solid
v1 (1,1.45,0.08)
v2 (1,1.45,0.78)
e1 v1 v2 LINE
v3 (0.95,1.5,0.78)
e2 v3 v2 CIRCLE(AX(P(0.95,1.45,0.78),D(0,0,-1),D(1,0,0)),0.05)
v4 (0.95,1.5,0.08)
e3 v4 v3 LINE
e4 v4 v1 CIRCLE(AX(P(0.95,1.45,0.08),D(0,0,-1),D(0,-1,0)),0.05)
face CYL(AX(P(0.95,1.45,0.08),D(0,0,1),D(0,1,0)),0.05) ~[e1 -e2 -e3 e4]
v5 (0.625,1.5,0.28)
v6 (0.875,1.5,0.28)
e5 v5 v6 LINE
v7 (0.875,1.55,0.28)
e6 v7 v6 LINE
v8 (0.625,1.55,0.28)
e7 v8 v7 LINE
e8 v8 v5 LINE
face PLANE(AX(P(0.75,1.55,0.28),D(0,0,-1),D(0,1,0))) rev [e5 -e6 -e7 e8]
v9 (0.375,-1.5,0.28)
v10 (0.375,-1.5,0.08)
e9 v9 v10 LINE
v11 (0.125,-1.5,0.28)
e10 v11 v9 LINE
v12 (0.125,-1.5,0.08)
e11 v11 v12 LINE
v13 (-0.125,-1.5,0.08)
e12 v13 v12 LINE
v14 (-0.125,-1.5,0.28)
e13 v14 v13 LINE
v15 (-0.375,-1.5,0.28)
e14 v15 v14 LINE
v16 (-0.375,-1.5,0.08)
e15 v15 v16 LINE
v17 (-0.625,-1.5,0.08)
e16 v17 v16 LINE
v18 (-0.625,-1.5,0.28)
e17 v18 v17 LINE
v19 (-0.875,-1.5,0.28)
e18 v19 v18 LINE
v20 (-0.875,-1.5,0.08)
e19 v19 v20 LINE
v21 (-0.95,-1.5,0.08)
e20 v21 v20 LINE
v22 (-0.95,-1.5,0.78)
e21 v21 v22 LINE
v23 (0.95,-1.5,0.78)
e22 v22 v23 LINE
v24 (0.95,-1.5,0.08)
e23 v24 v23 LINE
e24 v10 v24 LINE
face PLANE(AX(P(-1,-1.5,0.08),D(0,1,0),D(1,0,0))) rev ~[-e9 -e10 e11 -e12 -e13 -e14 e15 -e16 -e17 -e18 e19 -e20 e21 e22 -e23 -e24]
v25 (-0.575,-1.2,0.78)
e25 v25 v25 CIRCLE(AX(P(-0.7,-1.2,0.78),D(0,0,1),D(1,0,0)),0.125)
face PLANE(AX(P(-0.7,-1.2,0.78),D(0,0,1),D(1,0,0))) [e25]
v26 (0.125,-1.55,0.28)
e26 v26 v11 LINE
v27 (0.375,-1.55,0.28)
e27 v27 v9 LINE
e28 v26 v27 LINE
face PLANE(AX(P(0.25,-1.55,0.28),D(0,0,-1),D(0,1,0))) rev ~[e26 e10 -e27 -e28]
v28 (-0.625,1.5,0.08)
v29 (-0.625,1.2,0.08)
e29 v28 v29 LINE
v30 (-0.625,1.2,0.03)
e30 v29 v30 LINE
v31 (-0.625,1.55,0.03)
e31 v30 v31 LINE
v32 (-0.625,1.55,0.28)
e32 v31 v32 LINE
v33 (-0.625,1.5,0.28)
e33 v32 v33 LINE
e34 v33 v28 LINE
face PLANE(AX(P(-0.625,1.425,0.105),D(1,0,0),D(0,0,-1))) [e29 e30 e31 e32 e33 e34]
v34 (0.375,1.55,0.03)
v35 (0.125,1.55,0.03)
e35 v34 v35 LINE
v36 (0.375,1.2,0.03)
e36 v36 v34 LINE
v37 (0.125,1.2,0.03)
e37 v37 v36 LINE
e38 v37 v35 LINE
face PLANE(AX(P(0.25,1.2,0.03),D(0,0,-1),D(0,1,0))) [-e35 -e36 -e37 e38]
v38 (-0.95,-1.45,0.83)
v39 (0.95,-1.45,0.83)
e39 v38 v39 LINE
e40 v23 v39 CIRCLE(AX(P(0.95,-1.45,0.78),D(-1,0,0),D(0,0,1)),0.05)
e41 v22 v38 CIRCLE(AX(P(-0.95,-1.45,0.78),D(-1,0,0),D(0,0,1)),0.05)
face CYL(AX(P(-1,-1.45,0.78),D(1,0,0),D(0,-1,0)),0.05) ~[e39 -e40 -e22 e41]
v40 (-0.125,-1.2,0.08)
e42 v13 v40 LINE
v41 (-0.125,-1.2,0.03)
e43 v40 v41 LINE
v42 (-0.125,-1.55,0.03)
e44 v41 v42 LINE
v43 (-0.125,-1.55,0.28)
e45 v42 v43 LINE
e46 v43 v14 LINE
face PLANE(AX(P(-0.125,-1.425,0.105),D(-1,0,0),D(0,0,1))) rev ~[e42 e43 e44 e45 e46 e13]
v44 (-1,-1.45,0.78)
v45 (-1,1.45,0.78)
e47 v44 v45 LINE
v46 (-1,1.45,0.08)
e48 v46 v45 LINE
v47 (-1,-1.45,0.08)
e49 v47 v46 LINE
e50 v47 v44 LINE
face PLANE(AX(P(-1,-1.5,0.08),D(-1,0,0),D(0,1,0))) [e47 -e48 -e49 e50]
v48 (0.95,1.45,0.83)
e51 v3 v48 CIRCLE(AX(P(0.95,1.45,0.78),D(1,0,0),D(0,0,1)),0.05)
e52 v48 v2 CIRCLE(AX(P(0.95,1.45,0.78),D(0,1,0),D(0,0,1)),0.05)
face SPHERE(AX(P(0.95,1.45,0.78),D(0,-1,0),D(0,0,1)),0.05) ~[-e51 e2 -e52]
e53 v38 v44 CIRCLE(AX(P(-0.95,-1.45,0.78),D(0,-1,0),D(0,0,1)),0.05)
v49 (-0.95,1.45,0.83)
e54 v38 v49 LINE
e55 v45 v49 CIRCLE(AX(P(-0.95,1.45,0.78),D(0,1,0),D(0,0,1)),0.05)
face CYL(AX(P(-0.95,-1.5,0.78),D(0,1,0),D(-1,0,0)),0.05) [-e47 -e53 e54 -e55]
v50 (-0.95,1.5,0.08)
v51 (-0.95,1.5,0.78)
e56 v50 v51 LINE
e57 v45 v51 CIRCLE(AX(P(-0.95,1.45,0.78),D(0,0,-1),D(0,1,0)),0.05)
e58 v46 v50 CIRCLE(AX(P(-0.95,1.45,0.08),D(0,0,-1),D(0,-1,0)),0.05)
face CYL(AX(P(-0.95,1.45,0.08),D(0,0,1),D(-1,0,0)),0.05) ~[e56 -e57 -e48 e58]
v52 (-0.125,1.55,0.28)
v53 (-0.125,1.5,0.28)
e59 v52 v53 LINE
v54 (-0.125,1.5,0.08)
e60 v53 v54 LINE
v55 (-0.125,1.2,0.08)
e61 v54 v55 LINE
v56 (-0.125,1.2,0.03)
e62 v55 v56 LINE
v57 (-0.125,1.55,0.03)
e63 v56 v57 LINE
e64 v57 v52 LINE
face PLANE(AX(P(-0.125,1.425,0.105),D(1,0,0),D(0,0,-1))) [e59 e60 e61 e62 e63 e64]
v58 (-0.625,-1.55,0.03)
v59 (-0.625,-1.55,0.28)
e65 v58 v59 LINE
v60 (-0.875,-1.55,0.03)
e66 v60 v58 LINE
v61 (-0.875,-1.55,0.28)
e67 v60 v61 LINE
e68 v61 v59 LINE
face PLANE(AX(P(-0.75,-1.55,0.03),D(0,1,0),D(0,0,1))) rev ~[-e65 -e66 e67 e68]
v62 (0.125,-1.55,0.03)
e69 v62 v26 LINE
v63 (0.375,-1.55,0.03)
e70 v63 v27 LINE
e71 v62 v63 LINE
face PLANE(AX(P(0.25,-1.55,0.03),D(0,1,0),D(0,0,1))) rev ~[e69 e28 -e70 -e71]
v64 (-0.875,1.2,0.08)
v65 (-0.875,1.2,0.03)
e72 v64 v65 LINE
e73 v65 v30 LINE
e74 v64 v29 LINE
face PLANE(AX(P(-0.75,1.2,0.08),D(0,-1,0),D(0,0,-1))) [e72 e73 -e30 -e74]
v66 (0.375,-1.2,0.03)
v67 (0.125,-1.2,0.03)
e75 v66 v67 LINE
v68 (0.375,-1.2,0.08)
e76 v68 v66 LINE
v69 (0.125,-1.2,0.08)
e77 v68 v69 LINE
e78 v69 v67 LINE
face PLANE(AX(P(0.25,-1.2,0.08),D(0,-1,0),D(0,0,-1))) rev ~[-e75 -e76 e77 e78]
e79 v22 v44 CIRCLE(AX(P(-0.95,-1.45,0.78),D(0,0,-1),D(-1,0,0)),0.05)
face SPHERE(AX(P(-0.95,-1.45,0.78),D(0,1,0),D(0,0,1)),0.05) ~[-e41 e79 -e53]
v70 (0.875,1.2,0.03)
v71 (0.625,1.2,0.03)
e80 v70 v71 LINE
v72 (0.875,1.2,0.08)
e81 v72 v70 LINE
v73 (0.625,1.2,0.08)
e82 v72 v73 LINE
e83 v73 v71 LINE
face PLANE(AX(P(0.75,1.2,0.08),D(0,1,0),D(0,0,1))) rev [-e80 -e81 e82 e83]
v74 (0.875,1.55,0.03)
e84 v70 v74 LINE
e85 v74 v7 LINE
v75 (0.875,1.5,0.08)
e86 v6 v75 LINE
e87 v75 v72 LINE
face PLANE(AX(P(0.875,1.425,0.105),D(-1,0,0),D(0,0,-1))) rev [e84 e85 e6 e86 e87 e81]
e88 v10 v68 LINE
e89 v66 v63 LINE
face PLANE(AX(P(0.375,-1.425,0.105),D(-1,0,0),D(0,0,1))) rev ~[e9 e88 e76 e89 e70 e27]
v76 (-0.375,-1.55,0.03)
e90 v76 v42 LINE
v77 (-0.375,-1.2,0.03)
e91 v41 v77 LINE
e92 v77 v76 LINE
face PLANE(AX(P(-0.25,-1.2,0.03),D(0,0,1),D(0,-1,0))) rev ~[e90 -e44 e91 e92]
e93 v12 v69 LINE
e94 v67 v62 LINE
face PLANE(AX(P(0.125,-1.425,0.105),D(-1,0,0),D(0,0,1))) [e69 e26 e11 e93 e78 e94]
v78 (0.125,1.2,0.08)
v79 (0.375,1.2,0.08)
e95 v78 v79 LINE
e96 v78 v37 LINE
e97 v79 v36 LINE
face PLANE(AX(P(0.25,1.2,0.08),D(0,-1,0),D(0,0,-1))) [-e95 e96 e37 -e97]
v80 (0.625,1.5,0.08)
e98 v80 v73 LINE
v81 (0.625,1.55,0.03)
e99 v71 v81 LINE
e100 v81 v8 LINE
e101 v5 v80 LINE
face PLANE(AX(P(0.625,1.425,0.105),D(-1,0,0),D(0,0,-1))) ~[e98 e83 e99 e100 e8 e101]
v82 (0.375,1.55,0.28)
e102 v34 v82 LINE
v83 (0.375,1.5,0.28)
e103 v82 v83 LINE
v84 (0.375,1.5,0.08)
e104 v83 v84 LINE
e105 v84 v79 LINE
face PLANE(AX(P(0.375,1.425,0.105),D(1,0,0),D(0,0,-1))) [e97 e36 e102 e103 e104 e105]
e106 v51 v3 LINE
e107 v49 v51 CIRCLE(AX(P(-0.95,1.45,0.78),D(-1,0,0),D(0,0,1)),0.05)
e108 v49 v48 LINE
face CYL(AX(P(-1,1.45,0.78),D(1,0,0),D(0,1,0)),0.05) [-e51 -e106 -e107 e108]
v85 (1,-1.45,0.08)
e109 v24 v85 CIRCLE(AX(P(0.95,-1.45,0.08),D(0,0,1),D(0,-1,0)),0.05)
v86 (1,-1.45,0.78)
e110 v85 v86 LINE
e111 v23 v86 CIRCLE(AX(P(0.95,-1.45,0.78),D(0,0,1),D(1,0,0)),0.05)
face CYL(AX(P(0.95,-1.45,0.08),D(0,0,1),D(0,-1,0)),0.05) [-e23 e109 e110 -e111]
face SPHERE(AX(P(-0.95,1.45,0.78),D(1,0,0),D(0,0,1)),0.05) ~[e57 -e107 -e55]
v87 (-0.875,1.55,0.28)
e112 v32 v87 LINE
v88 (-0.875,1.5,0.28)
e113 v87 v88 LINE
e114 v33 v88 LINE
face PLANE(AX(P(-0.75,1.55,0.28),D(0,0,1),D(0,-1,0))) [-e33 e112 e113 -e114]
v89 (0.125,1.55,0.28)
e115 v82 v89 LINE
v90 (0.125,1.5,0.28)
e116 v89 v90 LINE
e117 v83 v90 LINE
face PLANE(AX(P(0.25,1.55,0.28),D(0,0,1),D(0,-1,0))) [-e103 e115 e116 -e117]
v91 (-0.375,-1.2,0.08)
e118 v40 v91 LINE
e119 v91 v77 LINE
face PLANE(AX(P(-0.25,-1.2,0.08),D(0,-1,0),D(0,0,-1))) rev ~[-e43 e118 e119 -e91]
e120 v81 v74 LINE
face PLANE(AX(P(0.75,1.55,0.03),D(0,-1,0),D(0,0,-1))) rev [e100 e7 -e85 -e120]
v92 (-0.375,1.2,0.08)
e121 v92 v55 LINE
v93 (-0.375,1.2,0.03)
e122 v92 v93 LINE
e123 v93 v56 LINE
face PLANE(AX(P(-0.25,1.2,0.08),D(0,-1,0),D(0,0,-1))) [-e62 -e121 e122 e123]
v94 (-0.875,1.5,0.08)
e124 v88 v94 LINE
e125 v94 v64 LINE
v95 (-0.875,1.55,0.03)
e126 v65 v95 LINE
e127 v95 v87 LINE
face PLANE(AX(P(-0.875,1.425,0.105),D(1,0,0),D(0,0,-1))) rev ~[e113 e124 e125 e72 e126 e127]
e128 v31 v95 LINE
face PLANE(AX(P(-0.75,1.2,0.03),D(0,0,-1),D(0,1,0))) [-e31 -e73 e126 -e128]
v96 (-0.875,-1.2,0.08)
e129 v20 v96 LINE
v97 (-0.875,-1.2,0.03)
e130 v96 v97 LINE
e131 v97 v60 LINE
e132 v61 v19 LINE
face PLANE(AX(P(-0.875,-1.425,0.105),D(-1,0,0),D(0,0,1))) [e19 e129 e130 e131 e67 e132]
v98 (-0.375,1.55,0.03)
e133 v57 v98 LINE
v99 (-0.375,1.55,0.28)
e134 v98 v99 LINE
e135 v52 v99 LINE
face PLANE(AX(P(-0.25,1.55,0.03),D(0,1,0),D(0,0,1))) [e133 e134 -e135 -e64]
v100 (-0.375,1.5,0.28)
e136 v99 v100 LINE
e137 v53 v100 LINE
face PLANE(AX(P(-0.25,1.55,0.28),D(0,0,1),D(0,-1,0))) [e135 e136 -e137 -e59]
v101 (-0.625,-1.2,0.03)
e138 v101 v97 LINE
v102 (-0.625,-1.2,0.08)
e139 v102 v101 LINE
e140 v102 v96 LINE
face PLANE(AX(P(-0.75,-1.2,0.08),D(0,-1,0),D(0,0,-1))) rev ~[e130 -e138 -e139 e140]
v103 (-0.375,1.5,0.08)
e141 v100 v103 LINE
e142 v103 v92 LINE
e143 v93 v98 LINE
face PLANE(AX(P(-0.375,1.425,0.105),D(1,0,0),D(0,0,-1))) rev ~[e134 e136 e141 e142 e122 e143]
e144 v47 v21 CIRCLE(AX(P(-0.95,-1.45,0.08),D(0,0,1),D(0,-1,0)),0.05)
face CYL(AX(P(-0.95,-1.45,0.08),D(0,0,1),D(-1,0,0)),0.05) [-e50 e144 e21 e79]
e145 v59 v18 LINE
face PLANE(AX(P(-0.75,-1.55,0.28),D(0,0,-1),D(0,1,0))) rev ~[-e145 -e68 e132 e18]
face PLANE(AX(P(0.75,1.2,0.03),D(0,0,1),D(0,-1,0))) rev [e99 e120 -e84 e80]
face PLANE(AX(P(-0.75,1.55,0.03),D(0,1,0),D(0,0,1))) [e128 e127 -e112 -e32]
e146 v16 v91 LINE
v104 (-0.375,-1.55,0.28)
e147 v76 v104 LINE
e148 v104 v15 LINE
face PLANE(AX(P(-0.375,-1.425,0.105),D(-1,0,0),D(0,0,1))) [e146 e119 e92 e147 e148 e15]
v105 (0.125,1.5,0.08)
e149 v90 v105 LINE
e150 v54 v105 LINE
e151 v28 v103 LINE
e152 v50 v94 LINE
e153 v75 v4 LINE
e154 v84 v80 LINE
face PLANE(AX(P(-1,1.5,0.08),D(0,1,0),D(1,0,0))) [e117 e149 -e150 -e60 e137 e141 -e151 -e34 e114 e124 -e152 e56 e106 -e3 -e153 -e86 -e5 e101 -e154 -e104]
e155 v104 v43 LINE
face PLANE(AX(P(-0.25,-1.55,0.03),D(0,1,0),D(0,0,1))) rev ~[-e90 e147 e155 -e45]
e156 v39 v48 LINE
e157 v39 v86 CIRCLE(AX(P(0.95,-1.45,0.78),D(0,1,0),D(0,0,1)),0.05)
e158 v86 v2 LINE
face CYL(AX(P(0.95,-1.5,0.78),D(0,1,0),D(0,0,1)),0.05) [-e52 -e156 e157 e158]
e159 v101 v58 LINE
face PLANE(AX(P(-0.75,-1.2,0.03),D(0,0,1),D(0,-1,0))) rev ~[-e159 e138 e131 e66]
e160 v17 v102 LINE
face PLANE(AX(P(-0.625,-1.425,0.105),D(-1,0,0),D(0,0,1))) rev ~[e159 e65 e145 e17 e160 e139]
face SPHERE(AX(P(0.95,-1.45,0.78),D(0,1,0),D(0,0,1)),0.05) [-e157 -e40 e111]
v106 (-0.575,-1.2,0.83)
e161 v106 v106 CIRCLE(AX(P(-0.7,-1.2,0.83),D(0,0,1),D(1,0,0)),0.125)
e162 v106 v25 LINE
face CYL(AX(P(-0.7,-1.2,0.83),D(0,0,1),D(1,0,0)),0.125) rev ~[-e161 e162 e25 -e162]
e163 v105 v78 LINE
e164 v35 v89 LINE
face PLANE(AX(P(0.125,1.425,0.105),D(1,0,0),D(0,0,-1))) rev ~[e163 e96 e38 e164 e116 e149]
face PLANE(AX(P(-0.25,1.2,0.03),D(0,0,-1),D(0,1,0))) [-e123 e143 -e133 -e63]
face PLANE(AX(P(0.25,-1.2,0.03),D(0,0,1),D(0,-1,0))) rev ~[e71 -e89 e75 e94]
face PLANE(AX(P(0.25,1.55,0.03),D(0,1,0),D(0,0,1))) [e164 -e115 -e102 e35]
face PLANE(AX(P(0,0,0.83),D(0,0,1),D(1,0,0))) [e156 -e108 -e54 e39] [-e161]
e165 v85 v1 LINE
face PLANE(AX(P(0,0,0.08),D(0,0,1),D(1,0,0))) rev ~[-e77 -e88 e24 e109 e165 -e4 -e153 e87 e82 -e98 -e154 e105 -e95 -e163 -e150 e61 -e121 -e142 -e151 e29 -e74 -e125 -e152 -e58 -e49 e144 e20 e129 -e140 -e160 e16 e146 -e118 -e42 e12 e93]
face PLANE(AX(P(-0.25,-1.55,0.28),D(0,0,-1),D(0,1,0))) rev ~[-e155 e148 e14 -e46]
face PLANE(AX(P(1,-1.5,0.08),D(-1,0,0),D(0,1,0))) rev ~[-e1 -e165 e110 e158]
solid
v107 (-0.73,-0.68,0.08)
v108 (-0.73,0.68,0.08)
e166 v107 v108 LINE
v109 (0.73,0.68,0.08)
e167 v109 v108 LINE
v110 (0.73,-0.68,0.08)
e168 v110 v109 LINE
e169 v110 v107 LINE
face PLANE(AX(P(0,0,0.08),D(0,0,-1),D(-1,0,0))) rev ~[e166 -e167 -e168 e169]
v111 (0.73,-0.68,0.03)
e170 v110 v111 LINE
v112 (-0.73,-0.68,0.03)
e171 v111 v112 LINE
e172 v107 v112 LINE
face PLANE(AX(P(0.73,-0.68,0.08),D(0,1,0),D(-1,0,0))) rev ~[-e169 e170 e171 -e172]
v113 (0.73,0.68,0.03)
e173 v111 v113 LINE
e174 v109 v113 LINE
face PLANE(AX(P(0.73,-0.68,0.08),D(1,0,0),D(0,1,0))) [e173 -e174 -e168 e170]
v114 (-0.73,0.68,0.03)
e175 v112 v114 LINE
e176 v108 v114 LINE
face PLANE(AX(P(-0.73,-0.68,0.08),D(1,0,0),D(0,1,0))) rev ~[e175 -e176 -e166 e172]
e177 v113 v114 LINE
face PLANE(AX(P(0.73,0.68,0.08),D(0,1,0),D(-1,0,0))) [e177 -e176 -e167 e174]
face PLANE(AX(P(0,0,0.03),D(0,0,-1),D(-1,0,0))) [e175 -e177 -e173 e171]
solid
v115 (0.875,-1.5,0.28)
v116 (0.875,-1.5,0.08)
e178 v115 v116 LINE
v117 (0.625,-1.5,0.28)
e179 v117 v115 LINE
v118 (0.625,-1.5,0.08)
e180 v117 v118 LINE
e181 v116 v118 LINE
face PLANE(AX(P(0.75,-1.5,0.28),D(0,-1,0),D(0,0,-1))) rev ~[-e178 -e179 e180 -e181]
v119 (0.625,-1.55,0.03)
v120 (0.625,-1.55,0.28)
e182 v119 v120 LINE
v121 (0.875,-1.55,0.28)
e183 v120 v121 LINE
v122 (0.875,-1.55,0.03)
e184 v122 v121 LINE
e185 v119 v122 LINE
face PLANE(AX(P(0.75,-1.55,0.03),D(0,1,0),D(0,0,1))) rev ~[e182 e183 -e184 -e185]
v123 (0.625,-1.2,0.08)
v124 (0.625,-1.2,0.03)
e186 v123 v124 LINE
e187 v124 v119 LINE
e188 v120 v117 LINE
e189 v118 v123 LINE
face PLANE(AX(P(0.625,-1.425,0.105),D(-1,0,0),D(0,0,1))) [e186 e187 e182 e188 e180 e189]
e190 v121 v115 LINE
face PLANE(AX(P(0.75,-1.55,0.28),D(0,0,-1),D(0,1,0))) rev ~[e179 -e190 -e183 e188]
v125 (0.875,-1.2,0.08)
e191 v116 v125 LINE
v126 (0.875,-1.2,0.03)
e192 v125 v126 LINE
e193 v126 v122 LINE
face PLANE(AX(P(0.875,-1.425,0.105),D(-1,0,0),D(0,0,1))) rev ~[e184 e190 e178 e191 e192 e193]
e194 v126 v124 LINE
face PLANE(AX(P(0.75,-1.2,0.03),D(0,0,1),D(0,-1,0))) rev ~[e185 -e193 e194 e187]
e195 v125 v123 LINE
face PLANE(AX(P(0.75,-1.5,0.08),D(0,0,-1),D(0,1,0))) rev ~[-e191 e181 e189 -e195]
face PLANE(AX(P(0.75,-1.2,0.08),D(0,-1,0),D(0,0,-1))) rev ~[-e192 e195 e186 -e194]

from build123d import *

# Parameters (mm, degrees)
SKETCH1_W            = 2
SKETCH1_H            = 3
EXTRUDE1_DEPTH       = 0.75
SKETCH2_R            = 0.125
EXTRUDE2_DEPTH       = 0.05
FILLET1_R            = 0.05
EXTRUDE_THIN1_DEPTH  = 0.125
SKETCH5_W            = 1.46
SKETCH5_H            = 1.36
EXTRUDE4_DEPTH       = 0.05
LPATTERN2_COUNT      = 4
LPATTERN2_PITCH      = 0.5
MIRROR1_COPY_1_DEPTH = 0.125
MIRROR1_COPY_2_DEPTH = 0.125
MIRROR1_COPY_3_DEPTH = 0.125


with BuildPart() as part:
    # Sketch1 → Extrude1 (new body)
    with BuildSketch(Plane.XY.offset(0.08)):
        Rectangle(SKETCH1_W, SKETCH1_H)
    extrude(amount=EXTRUDE1_DEPTH)

    # Sketch2 → Extrude2 (cut)
    with BuildSketch(Plane.XY.offset(0.83)):
        with Locations((-0.7, -1.2)):
            Circle(SKETCH2_R)
    extrude(amount=-EXTRUDE2_DEPTH, mode=Mode.SUBTRACT)

    # Fillet1
    fillet1_edges = [part.edges().sort_by_distance(p)[0] for p in [
        (1, 0, 0.83),
        (0, 1.5, 0.83),
        (-1, 0, 0.83),
        (0, -1.5, 0.83),
        (-1, 1.5, 0.455),
        (1, 1.5, 0.455),
        (1, -1.5, 0.455),
        (-1, -1.5, 0.455),
    ]]
    fillet(fillet1_edges, radius=FILLET1_R)


with BuildPart() as body_2:
    # Sketch4 → Extrude-Thin1 (new, symmetric)
    with BuildSketch(Plane(origin=(0.75, 0, 0), x_dir=(0, 0, -1), z_dir=(1, 0, 0))):
        Polygon((-0.28, -1.5), (-0.08, -1.5), (-0.08, -1.2), (-0.03, -1.2), (-0.03, -1.55), (-0.28, -1.55), align=None)
    extrude_thin1 = extrude(amount=EXTRUDE_THIN1_DEPTH, both=True)


with BuildPart() as body_3:
    # Sketch5 → Extrude4 (new body)
    with BuildSketch(Plane(origin=(0, 0, 0.08), x_dir=(-1, 0, 0), z_dir=(0, 0, -1))):
        Rectangle(SKETCH5_W, SKETCH5_H)
    extrude(amount=EXTRUDE4_DEPTH)


with BuildPart() as part_1:
    add(part.part)

    # LPattern2: Extrude-Thin1 ×4
    with Locations(*[(-i * LPATTERN2_PITCH, 0, 0) for i in range(1, LPATTERN2_COUNT)]):
        add(extrude_thin1)

    # Mirror1: Extrude-Thin1 across plane
    add(extrude_thin1.mirror(Plane.ZX))

    # Mirror1 copy 1 sketch → Mirror1 copy 1 (add, symmetric)
    with BuildSketch(Plane(origin=(0.25, 0, 0), x_dir=(0, 0, -1), z_dir=(1, 0, 0))):
        Polygon((-0.28, 1.5), (-0.08, 1.5), (-0.08, 1.2), (-0.03, 1.2), (-0.03, 1.55), (-0.28, 1.55), align=None)
    extrude(amount=MIRROR1_COPY_1_DEPTH, both=True)

    # Mirror1 copy 2 sketch → Mirror1 copy 2 (add, symmetric)
    with BuildSketch(Plane(origin=(-0.25, 0, 0), x_dir=(0, 0, -1), z_dir=(1, 0, 0))):
        Polygon((-0.28, 1.5), (-0.08, 1.5), (-0.08, 1.2), (-0.03, 1.2), (-0.03, 1.55), (-0.28, 1.55), align=None)
    extrude(amount=MIRROR1_COPY_2_DEPTH, both=True)

    # Mirror1 copy 3 sketch → Mirror1 copy 3 (add, symmetric)
    with BuildSketch(Plane(origin=(-0.75, 0, 0), x_dir=(0, 0, -1), z_dir=(1, 0, 0))):
        Polygon((-0.28, 1.5), (-0.08, 1.5), (-0.08, 1.2), (-0.03, 1.2), (-0.03, 1.55), (-0.28, 1.55), align=None)
    extrude(amount=MIRROR1_COPY_3_DEPTH, both=True)


solid = Compound([body_2.part, body_3.part, part_1.part])
